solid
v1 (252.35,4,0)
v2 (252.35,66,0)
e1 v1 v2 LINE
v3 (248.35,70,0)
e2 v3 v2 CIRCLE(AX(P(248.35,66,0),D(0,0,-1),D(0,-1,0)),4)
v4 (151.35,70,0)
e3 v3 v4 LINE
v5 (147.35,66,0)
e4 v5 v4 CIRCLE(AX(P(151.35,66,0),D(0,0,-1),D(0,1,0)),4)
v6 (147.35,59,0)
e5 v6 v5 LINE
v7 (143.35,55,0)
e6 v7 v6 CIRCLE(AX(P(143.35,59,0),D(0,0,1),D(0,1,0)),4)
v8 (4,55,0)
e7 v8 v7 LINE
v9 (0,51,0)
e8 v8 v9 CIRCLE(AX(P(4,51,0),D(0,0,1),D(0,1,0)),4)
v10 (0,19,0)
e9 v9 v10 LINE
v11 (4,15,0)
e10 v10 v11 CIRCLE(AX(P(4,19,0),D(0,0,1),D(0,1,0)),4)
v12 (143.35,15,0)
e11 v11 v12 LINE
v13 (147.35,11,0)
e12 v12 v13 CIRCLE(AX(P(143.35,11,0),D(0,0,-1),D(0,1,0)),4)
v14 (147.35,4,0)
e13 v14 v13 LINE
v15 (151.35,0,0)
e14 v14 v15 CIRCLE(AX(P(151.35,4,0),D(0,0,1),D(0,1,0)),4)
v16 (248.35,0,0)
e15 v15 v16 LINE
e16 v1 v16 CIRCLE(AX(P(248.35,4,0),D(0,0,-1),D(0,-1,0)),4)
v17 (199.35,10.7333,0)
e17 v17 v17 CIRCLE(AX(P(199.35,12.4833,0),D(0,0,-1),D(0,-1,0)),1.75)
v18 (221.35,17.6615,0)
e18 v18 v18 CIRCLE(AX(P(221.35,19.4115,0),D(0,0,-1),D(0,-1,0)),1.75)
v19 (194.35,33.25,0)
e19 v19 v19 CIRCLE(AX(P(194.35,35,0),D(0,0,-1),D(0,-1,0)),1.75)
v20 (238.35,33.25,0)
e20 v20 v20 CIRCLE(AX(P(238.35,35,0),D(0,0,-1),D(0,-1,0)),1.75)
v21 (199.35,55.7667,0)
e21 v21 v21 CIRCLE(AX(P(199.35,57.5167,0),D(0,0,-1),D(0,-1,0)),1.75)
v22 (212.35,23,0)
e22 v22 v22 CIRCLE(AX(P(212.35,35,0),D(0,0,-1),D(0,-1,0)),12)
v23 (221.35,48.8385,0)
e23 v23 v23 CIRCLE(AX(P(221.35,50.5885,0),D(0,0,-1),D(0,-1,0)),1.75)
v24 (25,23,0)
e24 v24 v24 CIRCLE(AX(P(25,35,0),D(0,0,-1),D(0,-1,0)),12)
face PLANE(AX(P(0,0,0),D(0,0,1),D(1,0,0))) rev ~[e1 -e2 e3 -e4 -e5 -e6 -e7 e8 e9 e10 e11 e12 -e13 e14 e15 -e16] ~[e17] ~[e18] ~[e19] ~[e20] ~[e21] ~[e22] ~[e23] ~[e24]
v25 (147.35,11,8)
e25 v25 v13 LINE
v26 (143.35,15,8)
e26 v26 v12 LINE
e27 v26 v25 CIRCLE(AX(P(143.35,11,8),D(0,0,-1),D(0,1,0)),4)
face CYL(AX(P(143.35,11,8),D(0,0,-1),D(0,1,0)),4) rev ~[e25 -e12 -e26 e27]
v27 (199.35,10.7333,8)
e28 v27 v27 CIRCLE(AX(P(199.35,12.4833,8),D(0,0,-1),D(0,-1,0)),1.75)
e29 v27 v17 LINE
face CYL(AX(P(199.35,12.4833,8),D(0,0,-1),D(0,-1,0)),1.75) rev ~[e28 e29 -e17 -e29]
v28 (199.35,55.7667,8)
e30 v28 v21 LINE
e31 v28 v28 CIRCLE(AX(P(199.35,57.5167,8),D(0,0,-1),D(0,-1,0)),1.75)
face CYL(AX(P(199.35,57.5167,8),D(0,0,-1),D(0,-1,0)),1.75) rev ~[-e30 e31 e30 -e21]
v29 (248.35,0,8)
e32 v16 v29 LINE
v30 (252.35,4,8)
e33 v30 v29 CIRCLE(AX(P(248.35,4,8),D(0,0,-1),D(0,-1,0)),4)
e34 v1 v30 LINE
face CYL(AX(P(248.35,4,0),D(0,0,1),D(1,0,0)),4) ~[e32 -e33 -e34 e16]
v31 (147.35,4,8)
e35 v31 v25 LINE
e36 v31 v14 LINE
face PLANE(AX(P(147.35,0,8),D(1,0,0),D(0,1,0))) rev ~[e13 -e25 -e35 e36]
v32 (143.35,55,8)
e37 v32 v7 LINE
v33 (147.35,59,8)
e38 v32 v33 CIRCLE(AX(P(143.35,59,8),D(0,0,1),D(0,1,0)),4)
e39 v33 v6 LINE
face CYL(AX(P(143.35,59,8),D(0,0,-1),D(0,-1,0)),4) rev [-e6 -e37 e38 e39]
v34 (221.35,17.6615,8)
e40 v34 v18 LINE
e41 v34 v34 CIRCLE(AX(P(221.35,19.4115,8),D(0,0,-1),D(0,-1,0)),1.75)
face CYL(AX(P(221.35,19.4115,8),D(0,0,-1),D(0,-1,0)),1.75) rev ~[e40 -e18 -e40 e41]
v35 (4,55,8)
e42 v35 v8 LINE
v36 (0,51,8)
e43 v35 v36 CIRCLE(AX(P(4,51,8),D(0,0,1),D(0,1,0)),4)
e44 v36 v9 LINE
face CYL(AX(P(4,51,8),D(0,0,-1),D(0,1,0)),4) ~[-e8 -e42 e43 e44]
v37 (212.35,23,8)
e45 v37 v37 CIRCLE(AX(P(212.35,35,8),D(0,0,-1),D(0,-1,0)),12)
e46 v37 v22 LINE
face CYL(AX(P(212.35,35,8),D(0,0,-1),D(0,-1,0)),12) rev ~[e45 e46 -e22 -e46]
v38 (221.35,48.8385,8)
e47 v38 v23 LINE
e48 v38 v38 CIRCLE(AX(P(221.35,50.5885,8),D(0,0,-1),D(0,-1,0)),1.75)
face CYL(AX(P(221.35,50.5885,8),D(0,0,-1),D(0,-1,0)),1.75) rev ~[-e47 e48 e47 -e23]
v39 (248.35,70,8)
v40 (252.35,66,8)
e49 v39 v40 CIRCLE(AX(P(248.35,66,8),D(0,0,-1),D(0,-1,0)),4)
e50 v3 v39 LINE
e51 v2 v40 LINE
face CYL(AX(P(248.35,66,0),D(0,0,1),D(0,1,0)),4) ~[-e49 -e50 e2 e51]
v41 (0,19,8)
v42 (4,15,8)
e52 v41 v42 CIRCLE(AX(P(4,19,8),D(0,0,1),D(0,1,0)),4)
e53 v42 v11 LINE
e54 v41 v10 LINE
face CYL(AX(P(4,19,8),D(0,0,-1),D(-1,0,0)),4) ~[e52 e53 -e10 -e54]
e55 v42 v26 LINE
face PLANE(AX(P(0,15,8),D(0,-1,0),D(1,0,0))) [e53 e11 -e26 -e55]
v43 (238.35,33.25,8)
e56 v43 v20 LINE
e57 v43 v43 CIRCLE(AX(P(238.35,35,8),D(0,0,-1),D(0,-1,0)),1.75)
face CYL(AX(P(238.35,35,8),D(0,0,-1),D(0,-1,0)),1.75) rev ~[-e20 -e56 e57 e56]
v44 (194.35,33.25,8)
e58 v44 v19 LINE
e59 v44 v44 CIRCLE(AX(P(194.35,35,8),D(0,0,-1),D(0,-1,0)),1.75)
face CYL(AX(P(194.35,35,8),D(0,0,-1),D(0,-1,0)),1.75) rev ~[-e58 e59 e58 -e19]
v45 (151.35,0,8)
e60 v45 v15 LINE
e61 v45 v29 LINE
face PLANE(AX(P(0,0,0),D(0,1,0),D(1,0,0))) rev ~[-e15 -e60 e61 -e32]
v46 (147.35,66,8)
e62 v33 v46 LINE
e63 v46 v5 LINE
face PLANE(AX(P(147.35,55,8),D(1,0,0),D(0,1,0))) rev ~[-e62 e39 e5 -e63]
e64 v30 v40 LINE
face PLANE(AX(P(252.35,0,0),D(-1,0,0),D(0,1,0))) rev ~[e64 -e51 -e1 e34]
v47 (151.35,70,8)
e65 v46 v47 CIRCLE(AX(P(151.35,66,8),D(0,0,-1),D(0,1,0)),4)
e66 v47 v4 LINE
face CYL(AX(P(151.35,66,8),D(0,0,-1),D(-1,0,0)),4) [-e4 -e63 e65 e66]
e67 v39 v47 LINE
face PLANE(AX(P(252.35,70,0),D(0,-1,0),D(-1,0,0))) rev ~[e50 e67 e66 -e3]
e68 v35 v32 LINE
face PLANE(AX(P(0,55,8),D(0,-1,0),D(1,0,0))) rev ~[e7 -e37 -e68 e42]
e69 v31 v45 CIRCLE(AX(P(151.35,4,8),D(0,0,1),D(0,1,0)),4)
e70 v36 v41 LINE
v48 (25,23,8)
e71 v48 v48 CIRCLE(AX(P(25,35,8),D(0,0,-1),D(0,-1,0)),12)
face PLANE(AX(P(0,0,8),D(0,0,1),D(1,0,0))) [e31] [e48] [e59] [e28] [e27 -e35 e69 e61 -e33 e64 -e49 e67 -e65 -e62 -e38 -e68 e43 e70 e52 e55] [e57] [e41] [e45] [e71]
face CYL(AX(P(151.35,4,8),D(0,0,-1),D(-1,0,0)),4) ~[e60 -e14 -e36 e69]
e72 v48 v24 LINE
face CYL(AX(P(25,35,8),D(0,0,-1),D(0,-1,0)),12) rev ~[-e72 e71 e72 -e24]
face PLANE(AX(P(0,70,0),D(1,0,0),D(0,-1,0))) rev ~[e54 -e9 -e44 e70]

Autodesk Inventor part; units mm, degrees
ref_plane "YZ Plane" through (0, 0, 0) normal (1, 0, 0) x (0, 1, 0)
ref_plane "XZ Plane" through (0, 0, 0) normal (0, 1, 0) x (-1, 0, 0)
ref_plane "XY Plane" through (0, 0, 0) normal (0, 0, 1) x (1, 0, 0)
sketch "スケッチ1" plane through (0, 0, 0) normal (0, 0, 1) x (1, 0, 0)
  line L0 (0, 0) -> (252.35, 0)
  line L1 (252.35, 0) -> (252.35, 70)
  line L2 (252.35, 70) -> (0, 70)
  line L3 (0, 70) -> (0, 0)
  dimension "d0" = 70
  dimension "d1" = 252.35
extrude "押し出し1" add sketch "スケッチ1" along normal blind 8
sketch "スケッチ2" plane through (0, 0, 8) normal (0, 0, 1) x (1, 0, 0)
  line L0 (0, 0) -> (252.35, 0) projected
  line L1 (0, 70) -> (0, 0) projected
  point P0 (25, 35)
  dimension "d4" = 35
  dimension "d5" = 25
hole "穴1" at (25, 35, 8) direction (0, 0, -1) diameter 24 end through all
sketch "スケッチ3" plane through (0, 0, 8) normal (0, 0, 1) x (1, 0, 0)
  line L0 (252.35, 0) -> (252.35, 70) projected
  circle A0 centre (25, 35) radius 12 projected
  line L1 (0, 0) -> (252.35, 0) projected
  point P0 (212.35, 35)
  dimension "d14" = 187.35
  dimension "d15" = 35
hole "穴2" at (212.35, 35, 8) direction (0, 0, -1) diameter 24 end through all
sketch "スケッチ4" plane through (0, 0, 8) normal (0, 0, 1) x (1, 0, 0)
  line L0 (252.35, 0) -> (252.35, 70) projected
  line L1 (0, 70) -> (0, 0) projected
  line L2 (252.35, 70) -> (0, 70) projected
  line L3 (0, 0) -> (252.35, 0) projected
  line L4 (0, 55) -> (147.35, 55)
  line L5 (0, 15) -> (147.35, 15)
  line L6 (147.35, 0) -> (147.35, 15)
  line L7 (147.35, 55) -> (147.35, 70)
  line L8 (147.35, 55) -> (0, 55)
  line L9 (0, 55) -> (0, 70)
  line L10 (0, 70) -> (147.35, 70)
  line L11 (147.35, 70) -> (147.35, 55)
  line L12 (147.35, 15) -> (0, 15)
  line L13 (0, 15) -> (0, 0)
  line L14 (0, 0) -> (147.35, 0)
  line L15 (147.35, 0) -> (147.35, 15)
  dimension "d24" = 15
  dimension "d25" = 15
extrude "押し出し2" cut sketch "スケッチ4" against normal blind 10 contours L3 L1 L5 L6 | L7 L4 L1 L2
fillet "フィレット1" radius 4 2 edges at (147.35, 15, 4) (147.35, 55, 4)
sketch "スケッチ5" plane through (0, 0, 8) normal (0, 0, 1) x (1, 0, 0)
  line L0 (147.35, 0) -> (252.35, 0) projected
  circle A0 centre (212.35, 35) radius 12 projected
  point P0 (0, 0)
  point P1 (238.35, 35)
  point P2 (199.35, 57.5167)
  point P3 (199.35, 12.4833)
  dimension "d29" = 35
  dimension "d30" = 26
  dimension "d33" = 360
hole "穴3" at (238.35, 35, 8) at (199.35, 57.5167, 8) at (199.35, 12.4833, 8) direction (0, 0, -1) diameter 3.5 end through all
sketch "スケッチ6" plane through (0, 0, 8) normal (0, 0, 1) x (1, 0, 0)
  circle A0 centre (212.35, 35) radius 12 projected
  line L0 (147.35, 0) -> (252.35, 0) projected
  point P0 (0, 0)
  point P1 (194.35, 35)
  point P2 (221.35, 19.4115)
  point P3 (221.35, 50.5885)
  dimension "d42" = 18
  dimension "d43" = 35
  dimension "d46" = 360
hole "穴4" at (194.35, 35, 8) at (221.35, 19.4115, 8) at (221.35, 50.5885, 8) direction (0, 0, -1) diameter 3.5 end through all
fillet "フィレット2" radius 4 6 edges at (0, 55, 4) (0, 15, 4) (147.35, 0, 4) (147.35, 70, 4) (252.35, 70, 4) (252.35, 0, 4)
properties part number "タイヤアーム"
